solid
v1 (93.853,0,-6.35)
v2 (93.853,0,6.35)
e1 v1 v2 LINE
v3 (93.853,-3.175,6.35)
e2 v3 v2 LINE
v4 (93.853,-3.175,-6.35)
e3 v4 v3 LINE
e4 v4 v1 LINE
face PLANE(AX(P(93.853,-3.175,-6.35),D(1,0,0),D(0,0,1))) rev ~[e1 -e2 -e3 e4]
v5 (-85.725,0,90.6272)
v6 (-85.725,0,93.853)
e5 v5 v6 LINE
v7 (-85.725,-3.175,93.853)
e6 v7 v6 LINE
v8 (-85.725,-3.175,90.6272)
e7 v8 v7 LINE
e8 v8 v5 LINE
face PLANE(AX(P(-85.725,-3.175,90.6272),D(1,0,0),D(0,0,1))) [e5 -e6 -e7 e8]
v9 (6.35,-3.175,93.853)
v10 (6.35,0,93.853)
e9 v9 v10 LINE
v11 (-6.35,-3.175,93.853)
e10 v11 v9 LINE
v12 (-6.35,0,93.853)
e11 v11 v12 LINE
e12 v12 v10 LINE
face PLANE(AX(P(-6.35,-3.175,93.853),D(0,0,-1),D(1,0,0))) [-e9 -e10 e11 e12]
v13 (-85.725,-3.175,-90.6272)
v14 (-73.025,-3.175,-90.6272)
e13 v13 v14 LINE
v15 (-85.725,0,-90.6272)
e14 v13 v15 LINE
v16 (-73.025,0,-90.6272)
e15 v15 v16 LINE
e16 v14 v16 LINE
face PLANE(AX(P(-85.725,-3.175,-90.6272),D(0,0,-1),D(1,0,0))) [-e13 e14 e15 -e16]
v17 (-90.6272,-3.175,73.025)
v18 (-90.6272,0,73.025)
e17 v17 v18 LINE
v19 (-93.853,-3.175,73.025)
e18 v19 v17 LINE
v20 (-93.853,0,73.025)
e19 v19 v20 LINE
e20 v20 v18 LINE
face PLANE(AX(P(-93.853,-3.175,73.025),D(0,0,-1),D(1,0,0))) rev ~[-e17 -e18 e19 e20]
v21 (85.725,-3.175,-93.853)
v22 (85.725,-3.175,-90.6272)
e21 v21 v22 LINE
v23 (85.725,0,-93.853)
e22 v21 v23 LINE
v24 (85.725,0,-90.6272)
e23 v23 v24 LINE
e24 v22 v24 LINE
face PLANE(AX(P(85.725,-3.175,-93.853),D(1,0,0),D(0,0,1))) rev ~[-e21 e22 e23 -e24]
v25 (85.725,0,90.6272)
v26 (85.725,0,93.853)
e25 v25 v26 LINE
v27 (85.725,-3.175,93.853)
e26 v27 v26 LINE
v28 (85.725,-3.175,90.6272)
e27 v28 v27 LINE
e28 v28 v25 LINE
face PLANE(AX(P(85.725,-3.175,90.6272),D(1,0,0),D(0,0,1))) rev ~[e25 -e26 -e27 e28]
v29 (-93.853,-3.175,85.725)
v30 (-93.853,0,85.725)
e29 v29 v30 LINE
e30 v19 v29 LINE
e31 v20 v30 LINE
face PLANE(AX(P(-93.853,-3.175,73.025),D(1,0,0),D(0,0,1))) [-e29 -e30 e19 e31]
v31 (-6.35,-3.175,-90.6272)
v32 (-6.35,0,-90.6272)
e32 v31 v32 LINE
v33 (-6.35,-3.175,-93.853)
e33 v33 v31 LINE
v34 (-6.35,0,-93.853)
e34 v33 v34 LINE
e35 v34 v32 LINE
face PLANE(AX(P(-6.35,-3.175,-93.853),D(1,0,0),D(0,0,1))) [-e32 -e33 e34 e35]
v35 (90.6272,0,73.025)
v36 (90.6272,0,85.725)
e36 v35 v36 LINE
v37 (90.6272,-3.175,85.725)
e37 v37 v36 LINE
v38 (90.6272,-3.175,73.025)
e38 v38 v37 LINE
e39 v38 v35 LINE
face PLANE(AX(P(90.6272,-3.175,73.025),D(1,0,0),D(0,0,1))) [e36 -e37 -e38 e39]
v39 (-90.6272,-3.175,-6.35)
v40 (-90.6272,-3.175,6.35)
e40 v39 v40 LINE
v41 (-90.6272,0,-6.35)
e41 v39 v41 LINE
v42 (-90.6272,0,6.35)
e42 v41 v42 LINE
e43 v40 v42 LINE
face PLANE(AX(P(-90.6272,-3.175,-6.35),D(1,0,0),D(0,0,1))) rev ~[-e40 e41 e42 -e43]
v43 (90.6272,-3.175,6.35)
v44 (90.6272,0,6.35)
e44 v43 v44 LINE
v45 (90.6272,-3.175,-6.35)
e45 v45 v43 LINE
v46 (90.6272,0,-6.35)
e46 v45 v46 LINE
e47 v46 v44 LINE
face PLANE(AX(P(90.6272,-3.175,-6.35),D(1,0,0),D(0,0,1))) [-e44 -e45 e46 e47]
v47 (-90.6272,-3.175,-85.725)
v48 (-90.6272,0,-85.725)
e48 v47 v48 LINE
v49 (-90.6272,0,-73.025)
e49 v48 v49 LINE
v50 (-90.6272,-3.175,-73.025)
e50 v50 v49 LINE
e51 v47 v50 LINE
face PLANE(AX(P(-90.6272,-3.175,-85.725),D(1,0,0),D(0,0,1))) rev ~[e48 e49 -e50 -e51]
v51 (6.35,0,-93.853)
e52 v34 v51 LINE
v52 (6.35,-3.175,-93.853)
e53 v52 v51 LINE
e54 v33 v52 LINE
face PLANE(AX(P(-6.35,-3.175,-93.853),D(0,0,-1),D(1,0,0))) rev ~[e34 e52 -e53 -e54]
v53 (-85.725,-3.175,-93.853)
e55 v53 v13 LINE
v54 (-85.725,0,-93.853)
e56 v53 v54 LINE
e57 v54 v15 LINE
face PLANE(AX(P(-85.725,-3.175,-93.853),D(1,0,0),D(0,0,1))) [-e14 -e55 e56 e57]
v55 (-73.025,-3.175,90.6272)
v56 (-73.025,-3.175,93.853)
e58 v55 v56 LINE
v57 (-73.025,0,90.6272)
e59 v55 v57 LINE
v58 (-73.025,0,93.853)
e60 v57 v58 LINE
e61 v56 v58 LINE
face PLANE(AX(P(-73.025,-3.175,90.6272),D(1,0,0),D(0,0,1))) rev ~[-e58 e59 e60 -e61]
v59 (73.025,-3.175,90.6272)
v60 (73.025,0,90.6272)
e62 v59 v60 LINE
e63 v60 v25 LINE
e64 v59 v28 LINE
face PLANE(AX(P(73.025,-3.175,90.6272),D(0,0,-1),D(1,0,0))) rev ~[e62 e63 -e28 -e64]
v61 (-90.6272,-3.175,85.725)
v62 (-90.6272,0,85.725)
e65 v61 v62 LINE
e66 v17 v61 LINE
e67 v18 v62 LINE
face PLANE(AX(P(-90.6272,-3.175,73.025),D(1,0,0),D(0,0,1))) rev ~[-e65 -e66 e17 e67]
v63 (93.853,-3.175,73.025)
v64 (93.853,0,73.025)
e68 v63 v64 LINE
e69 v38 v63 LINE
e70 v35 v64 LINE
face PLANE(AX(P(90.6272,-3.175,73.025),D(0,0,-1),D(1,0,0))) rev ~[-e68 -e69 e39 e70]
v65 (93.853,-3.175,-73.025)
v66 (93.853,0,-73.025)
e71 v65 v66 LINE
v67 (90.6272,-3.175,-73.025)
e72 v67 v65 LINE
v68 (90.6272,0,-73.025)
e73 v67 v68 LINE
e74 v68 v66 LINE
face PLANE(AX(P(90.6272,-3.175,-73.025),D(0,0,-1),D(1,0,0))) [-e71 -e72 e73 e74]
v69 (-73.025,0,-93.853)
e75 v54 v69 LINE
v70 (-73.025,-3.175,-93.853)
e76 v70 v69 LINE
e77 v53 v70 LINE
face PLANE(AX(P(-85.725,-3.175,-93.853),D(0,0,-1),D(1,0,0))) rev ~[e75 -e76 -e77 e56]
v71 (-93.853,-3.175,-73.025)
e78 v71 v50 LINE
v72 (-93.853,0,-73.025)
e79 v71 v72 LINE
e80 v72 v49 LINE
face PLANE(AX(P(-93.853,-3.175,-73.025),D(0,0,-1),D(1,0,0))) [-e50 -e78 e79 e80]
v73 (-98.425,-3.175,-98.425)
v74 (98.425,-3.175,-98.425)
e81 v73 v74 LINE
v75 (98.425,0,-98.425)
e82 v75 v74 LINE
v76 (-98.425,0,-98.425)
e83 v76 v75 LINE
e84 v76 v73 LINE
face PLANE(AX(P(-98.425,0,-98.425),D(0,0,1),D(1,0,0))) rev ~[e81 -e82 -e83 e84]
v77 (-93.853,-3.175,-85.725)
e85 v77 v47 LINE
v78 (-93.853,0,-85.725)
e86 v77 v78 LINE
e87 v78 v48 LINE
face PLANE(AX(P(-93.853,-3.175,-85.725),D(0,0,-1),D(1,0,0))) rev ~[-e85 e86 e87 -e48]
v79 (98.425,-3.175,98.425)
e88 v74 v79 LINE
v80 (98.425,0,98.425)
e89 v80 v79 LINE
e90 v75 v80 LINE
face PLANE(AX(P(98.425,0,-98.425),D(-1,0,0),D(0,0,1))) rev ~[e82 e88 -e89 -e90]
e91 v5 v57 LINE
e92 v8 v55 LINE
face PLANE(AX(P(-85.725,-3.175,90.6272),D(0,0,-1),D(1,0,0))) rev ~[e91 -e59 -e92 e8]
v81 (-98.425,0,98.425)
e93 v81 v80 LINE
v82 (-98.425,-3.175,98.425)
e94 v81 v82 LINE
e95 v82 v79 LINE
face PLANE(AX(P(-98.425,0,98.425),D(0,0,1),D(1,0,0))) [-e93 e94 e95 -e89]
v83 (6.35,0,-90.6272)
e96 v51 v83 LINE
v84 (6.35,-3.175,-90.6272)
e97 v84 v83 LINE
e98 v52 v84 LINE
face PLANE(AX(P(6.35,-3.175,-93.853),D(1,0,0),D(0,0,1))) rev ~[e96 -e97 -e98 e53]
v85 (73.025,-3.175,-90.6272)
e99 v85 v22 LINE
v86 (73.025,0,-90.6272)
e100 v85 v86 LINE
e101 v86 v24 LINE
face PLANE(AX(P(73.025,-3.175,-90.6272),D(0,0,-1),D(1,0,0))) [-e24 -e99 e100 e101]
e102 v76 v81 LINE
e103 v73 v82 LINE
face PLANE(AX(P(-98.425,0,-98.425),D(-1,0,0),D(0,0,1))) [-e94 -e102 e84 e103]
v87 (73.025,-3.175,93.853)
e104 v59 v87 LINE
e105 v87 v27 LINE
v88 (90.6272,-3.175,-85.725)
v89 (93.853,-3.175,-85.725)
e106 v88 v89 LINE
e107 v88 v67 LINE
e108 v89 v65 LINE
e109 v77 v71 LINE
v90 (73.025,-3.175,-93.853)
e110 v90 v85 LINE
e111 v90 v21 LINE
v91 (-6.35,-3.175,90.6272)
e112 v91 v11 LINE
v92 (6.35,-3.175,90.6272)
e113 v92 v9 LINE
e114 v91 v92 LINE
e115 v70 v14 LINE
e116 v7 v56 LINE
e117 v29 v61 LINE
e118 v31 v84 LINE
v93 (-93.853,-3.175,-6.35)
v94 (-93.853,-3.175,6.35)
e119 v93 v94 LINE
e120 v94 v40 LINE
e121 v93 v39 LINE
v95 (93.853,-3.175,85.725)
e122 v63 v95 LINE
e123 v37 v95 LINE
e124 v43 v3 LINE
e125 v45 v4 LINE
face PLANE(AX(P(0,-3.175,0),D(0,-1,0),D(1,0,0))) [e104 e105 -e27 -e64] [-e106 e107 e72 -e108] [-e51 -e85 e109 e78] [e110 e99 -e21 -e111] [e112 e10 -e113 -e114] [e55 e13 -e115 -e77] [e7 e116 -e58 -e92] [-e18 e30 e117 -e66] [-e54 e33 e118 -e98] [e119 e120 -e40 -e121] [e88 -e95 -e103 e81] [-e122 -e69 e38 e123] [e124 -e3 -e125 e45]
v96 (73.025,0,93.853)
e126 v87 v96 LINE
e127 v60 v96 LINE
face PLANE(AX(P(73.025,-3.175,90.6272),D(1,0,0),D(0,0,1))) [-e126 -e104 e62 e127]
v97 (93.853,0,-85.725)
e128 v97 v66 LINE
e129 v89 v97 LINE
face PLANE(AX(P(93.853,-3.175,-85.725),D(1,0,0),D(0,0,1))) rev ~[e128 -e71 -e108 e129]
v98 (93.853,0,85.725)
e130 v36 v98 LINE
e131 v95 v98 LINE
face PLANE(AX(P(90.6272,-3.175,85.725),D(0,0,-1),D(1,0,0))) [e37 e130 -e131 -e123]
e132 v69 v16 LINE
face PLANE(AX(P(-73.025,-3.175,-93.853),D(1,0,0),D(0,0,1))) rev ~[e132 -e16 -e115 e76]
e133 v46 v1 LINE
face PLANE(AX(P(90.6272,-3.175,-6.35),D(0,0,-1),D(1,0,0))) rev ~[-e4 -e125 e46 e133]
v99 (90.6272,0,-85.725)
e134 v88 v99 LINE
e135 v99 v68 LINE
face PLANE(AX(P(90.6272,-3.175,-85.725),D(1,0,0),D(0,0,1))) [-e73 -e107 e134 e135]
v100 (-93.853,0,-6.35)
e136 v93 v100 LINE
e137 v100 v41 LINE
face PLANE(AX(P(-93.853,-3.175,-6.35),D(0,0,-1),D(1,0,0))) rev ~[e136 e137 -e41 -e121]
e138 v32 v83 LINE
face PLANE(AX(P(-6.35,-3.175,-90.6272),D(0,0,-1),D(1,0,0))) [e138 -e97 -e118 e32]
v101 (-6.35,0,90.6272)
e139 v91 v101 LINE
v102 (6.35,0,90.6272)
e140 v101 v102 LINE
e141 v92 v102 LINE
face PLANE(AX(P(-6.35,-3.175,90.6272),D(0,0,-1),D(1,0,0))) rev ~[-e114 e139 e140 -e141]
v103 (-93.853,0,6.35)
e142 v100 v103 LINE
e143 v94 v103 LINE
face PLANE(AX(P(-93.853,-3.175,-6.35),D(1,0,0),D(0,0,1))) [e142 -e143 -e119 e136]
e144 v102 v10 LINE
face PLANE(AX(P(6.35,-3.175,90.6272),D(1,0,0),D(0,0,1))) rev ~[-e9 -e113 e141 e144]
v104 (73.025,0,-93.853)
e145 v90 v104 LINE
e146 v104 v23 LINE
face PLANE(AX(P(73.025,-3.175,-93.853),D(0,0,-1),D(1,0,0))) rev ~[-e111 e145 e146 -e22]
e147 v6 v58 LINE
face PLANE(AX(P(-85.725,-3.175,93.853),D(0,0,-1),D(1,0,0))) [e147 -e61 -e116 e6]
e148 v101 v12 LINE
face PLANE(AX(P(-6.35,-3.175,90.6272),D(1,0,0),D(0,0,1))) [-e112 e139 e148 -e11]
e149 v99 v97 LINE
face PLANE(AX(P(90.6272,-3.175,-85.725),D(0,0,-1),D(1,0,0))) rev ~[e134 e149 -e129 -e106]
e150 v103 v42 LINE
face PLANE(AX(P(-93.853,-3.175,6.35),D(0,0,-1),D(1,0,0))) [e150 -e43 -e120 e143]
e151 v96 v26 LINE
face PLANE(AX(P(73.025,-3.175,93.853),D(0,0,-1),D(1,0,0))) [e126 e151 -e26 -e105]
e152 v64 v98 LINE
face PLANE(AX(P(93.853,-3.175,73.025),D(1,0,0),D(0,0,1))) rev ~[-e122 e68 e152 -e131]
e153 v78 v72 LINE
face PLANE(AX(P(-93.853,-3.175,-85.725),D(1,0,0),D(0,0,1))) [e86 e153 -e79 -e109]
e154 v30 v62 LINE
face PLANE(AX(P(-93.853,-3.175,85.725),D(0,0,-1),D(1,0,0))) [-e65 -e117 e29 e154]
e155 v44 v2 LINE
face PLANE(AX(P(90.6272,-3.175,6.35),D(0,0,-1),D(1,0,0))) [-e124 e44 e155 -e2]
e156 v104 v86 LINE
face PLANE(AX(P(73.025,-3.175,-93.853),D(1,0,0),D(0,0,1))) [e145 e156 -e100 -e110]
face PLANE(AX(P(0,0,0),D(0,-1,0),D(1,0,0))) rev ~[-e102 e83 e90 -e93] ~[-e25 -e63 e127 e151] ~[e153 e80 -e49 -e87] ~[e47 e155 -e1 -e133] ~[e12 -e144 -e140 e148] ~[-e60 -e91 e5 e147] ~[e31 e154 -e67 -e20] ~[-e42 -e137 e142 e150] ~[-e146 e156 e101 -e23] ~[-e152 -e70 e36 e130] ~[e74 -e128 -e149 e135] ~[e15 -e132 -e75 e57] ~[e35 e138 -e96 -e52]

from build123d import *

# Parameters (mm, degrees)
F0_W     = 196.85
F0_H     = 196.85
F1_DEPTH = 3.175
F2_W     = 12.7
F2_H     = 3.2258
F2_W_2   = 3.2258
F2_H_2   = 12.7
F3_DEPTH = 3.175


with BuildPart() as f1:
    # F0 (on Front) → F1 (new body)
    with BuildSketch(Plane.XZ):
        Rectangle(F0_W, F0_H)
    extrude(amount=F1_DEPTH)

    # F2 (on face) → F3 (cut)
    with BuildSketch(Plane.XZ.offset(3.175)):
        with Locations((79.375, -92.2401)):
            Rectangle(F2_W, F2_H)
        with Locations((92.2401, 79.375)):
            Rectangle(F2_W_2, F2_H_2)
        with Locations((92.2401, -79.375)):
            Rectangle(F2_W_2, F2_H_2)
        with Locations((0, -92.2401)):
            Rectangle(F2_W, F2_H)
        with Locations((92.2401, 0)):
            Rectangle(F2_W_2, F2_H_2)
        with Locations((-79.375, -92.2401)):
            Rectangle(F2_W, F2_H)
        with Locations((-92.2401, 79.375)):
            Rectangle(F2_W_2, F2_H_2)
        with Locations((-92.2401, -79.375)):
            Rectangle(F2_W_2, F2_H_2)
        with Locations((-92.2401, 0)):
            Rectangle(F2_W_2, F2_H_2)
        with Locations((-79.375, 92.2401)):
            Rectangle(F2_W, F2_H)
        with Locations((0, 92.2401)):
            Rectangle(F2_W, F2_H)
        with Locations((79.375, 92.2401)):
            Rectangle(F2_W, F2_H)
    extrude(amount=-F3_DEPTH, mode=Mode.SUBTRACT)


solid = f1.part
